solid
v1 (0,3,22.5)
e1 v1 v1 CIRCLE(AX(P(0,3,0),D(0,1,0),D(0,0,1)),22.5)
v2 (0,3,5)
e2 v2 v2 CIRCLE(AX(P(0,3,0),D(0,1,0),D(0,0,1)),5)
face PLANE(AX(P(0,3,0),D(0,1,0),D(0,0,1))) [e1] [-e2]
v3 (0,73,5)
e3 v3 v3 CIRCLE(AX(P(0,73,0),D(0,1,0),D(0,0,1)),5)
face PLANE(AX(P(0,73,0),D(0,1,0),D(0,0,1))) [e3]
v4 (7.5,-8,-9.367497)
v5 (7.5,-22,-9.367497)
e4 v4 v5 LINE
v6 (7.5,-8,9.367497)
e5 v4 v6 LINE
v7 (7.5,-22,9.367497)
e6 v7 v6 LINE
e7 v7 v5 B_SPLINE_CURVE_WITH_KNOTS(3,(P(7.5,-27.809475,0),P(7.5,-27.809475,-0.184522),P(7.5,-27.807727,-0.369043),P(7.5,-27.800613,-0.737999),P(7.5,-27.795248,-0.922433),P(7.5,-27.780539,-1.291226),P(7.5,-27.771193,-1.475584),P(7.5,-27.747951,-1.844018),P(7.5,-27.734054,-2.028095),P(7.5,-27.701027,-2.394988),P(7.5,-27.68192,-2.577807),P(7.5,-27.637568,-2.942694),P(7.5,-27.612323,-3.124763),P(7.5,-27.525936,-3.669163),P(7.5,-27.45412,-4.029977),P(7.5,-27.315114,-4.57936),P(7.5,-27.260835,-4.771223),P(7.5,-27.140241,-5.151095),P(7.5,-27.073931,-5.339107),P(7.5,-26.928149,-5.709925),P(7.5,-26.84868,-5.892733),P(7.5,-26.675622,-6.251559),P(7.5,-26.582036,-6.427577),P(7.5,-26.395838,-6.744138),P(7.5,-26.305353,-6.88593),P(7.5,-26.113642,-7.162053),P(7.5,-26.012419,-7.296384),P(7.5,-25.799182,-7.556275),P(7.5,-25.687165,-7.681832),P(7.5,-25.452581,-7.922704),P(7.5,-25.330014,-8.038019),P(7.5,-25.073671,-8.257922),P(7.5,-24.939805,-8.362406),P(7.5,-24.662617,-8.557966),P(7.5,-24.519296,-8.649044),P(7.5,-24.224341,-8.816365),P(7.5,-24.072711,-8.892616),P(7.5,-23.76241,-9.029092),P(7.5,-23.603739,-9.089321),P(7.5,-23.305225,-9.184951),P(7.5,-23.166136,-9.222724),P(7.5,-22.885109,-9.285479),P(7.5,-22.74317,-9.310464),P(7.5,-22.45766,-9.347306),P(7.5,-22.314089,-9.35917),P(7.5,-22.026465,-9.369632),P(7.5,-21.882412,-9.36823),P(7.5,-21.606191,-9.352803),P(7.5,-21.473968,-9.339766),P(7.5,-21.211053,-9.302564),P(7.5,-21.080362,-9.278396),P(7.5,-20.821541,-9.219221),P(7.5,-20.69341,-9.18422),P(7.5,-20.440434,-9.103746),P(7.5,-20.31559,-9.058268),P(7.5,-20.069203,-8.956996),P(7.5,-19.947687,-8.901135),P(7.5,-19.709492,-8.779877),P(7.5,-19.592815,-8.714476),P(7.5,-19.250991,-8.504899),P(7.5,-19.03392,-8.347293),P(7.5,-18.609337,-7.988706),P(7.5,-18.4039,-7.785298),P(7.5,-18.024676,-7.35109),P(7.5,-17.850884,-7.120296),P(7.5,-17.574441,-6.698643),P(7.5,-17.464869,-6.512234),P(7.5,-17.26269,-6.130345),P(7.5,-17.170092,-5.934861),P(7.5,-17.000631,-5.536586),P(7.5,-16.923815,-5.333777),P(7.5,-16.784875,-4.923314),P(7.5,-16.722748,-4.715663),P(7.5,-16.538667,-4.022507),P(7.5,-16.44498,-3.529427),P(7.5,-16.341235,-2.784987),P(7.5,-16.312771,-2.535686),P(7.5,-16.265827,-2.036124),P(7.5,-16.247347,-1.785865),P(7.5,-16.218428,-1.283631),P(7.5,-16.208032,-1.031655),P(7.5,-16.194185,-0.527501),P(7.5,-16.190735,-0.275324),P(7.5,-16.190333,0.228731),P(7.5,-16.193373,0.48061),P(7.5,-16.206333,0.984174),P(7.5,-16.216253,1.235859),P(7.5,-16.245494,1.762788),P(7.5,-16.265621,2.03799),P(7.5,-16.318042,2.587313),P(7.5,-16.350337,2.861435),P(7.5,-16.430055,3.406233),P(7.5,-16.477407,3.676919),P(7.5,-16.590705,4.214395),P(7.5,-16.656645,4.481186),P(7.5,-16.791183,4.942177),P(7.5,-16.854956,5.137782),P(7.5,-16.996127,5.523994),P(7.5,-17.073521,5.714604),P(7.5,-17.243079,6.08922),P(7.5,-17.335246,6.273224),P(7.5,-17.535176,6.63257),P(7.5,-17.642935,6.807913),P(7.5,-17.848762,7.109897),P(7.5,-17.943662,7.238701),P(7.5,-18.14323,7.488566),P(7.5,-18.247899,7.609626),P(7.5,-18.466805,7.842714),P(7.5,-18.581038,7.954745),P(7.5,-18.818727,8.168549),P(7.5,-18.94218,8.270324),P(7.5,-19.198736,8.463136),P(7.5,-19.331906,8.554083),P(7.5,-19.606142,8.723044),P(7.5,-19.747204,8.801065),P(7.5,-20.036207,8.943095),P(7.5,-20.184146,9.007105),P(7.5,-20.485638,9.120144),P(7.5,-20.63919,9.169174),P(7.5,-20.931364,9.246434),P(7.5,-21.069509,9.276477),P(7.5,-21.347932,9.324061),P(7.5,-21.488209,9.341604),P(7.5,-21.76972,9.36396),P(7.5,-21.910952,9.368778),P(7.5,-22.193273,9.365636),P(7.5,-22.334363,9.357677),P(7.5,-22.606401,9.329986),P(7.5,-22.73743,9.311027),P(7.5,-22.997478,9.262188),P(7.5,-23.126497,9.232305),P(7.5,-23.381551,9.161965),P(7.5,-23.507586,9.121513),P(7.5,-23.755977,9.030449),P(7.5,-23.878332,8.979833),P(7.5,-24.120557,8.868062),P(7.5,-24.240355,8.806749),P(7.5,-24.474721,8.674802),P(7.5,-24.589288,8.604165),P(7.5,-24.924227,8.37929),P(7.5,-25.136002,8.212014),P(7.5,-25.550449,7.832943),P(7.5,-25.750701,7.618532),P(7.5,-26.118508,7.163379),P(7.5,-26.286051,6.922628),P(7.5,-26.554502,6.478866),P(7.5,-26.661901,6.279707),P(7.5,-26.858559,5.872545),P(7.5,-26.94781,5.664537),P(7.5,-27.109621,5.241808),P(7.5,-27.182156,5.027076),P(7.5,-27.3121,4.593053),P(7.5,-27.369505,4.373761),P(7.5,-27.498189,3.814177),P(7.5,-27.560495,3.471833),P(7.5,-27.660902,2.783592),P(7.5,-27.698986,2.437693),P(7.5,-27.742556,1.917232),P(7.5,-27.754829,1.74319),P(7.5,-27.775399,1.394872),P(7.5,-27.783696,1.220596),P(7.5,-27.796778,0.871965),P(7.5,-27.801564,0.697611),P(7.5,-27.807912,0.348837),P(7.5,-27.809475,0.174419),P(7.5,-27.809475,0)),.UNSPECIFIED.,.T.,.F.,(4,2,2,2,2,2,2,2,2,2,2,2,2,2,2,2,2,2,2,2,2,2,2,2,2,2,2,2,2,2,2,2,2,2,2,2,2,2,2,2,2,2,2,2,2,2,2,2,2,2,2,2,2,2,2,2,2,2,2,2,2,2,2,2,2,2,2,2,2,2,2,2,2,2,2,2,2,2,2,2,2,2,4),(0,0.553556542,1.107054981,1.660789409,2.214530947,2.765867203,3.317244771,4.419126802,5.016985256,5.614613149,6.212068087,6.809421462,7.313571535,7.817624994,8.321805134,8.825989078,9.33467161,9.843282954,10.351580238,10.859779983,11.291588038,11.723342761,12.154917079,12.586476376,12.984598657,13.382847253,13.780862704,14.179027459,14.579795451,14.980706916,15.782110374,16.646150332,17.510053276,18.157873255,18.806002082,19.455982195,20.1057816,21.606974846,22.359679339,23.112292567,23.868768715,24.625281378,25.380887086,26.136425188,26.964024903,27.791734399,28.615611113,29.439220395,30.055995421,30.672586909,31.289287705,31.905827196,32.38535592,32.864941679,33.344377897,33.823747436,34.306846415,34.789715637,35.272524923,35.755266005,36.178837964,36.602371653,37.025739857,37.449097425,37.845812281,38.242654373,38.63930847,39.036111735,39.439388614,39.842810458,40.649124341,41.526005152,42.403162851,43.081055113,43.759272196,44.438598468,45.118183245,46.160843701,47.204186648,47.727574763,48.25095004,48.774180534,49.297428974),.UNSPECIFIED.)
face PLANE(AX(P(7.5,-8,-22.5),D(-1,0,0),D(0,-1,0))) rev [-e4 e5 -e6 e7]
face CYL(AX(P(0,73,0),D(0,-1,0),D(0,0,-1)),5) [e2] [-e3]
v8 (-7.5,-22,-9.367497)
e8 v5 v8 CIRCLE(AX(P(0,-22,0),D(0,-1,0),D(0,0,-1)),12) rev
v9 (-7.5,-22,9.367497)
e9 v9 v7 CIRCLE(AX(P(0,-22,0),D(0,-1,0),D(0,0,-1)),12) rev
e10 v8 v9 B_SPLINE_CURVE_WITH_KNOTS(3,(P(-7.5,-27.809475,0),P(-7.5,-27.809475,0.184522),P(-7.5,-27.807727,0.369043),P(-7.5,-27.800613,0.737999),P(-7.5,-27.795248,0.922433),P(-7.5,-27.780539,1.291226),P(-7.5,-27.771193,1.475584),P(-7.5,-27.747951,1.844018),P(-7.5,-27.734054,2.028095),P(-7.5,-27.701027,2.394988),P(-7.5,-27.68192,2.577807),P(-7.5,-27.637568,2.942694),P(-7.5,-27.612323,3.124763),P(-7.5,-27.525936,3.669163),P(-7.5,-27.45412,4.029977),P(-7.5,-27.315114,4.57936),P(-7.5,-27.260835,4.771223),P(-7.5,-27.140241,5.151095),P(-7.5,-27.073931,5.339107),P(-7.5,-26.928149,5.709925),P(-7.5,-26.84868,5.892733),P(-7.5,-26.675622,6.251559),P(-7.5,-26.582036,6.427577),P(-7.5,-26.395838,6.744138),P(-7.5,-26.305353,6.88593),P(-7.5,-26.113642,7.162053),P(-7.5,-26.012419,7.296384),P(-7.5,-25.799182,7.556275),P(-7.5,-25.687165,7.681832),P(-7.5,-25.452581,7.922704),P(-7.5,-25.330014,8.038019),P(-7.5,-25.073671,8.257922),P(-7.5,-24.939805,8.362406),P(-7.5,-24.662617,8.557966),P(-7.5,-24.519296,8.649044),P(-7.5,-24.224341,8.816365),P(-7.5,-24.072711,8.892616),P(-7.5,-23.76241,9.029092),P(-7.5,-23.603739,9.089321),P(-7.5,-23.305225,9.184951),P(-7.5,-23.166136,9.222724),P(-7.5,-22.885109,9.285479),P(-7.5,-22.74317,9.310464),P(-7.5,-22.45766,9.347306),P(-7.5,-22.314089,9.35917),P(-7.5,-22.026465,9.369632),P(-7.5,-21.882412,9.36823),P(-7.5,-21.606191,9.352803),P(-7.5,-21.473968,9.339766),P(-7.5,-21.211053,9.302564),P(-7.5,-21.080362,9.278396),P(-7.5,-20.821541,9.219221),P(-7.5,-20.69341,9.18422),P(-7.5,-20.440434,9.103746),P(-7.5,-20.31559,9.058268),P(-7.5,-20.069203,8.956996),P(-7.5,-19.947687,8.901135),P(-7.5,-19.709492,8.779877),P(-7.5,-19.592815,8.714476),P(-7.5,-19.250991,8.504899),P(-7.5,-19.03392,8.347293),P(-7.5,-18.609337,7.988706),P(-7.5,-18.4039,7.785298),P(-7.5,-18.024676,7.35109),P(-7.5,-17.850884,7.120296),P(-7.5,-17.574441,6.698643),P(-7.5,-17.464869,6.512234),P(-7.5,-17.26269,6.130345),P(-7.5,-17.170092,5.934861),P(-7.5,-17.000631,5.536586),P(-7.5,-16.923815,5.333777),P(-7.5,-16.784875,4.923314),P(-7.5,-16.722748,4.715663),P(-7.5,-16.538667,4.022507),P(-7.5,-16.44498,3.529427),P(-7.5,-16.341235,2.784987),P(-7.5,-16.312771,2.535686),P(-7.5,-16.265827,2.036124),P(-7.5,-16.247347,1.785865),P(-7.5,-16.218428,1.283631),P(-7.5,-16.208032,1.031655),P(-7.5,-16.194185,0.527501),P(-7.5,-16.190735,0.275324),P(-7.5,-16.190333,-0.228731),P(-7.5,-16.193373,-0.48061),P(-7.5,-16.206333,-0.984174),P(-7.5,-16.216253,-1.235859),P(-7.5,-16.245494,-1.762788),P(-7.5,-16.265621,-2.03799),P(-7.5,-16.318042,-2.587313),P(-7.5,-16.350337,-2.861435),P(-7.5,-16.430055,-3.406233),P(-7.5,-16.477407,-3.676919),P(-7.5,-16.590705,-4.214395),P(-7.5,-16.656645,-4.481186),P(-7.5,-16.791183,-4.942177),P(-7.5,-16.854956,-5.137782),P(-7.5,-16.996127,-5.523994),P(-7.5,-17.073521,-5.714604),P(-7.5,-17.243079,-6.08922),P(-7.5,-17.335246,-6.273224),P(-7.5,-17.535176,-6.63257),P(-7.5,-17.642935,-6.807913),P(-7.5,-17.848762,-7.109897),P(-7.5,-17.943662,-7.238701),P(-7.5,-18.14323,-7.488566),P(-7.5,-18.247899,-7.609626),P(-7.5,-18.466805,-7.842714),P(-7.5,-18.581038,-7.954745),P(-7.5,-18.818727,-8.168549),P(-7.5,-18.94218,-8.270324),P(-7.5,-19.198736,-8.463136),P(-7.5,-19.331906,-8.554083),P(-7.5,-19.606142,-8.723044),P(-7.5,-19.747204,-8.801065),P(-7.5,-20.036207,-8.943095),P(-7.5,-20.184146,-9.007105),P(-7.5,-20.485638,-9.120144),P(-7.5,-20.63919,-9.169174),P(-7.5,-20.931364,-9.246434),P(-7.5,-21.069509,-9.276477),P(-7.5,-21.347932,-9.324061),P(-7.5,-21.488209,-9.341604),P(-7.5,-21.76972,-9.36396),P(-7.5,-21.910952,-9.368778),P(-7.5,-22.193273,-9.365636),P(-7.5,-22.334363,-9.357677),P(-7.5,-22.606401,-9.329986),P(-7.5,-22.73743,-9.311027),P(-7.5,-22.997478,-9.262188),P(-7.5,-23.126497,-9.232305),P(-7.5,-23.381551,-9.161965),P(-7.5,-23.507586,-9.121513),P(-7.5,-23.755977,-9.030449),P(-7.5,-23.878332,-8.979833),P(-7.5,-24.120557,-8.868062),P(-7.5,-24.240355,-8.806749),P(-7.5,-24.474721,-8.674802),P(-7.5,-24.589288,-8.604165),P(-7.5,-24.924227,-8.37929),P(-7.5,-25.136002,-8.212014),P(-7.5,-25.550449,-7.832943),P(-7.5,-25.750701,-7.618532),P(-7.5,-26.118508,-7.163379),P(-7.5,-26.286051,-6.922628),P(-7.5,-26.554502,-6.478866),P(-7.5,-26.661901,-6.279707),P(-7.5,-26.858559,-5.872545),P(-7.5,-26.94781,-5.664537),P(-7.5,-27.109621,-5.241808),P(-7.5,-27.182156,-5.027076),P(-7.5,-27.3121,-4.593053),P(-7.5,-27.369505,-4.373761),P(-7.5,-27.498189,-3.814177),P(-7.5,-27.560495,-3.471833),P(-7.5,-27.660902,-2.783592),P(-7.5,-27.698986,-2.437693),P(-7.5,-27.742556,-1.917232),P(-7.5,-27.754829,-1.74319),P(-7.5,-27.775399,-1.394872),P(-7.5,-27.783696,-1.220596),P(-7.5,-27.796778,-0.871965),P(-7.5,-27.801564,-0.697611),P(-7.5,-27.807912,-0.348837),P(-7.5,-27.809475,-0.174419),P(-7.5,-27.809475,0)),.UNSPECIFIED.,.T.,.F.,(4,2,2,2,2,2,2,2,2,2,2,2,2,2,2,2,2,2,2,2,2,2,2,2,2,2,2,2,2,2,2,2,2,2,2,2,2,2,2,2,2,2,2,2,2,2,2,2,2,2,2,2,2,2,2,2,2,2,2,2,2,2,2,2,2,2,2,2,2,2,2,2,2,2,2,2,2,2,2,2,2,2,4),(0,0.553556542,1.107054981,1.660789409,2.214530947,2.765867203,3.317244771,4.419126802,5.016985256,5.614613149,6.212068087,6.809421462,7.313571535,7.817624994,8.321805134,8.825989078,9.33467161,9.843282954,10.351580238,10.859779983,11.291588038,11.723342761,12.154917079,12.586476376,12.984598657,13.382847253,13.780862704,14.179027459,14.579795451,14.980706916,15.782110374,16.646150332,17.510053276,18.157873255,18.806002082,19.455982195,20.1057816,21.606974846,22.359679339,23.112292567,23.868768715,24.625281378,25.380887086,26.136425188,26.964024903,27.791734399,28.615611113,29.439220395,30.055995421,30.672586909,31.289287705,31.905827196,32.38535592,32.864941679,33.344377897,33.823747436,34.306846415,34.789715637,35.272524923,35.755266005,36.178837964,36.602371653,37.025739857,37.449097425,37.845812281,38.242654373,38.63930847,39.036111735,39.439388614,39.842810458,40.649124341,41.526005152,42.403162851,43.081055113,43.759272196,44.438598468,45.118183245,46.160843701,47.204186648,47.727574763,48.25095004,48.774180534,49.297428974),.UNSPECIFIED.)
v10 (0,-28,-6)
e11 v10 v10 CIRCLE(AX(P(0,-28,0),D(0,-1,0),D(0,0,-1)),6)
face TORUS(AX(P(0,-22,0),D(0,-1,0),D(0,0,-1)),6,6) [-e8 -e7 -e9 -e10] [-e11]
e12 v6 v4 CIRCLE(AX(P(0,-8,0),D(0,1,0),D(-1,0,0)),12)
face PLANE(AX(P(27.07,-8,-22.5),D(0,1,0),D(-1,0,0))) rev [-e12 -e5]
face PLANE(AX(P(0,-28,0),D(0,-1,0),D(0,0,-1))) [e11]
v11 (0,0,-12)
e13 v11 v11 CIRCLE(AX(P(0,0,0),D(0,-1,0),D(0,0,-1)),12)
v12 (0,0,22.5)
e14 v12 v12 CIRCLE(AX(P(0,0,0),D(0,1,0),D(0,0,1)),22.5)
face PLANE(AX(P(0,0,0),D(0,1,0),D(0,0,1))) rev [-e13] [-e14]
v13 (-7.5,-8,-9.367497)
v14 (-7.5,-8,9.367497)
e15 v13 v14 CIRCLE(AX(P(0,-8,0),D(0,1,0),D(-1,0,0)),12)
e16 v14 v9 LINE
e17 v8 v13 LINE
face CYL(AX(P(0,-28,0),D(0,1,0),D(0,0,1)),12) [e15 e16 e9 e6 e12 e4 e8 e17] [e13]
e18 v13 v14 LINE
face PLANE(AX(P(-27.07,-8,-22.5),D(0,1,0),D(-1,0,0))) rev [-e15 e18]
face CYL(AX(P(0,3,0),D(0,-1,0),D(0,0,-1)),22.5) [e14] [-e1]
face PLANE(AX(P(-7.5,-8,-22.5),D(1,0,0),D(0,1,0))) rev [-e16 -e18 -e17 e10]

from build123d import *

# Parameters (mm, degrees)
SKETCH1_R               = 22.5
BOSS_EXTRUDE1_DEPTH     = 3
SKETCH2_R               = 5
BOSS_EXTRUDE2_DEPTH     = 70
SKETCH3_R               = 12
BOSS_EXTRUDE3_DEPTH     = 28
FILLET1_R               = 6
CUT_EXTRUDE1_DEPTH      = 80.633535649
CUT_EXTRUDE1_DEPTH_BACK = 80.633535649
SKETCH4_W               = 19.57
SKETCH4_H               = 20


with BuildPart() as part:
    # Sketch1 → Boss-Extrude1 (new body)
    with BuildSketch(Plane(origin=(0, 0, 0), x_dir=(1, 0, 0), z_dir=(0, 1, 0))):
        with Locations(Location((0, 0, 0), (0, 0, 270))):
            Circle(SKETCH1_R)
    extrude(amount=BOSS_EXTRUDE1_DEPTH)

    # Sketch2 → Boss-Extrude2 (add)
    with BuildSketch(Plane(origin=(0, 3, 0), x_dir=(1, 0, 0), z_dir=(0, 1, 0))):
        with Locations(Location((0, 0, 0), (0, 0, 270))):
            Circle(SKETCH2_R)
    extrude(amount=BOSS_EXTRUDE2_DEPTH)

    # Sketch3 → Boss-Extrude3 (add)
    with BuildSketch(Plane.XZ):
        with Locations(Location((0, 0, 0), (0, 0, 270))):
            Circle(SKETCH3_R)
    extrude(amount=BOSS_EXTRUDE3_DEPTH)

    # Fillet1
    fillet1_edges = [part.edges().sort_by_distance(p)[0] for p in [
        (0, -28, 12),
    ]]
    fillet(fillet1_edges, radius=FILLET1_R)

    # Sketch4 → Cut-Extrude1 (cut, two sides: drawn at the far end of the back side and taken through both)
    with BuildSketch(Plane.XY.offset(-CUT_EXTRUDE1_DEPTH_BACK)):
        with Locations((17.285, -18)):
            Rectangle(SKETCH4_W, SKETCH4_H)
        with Locations((-17.285, -18)):
            Rectangle(SKETCH4_W, SKETCH4_H)
    extrude(amount=CUT_EXTRUDE1_DEPTH + CUT_EXTRUDE1_DEPTH_BACK, mode=Mode.SUBTRACT)


solid = part.part
